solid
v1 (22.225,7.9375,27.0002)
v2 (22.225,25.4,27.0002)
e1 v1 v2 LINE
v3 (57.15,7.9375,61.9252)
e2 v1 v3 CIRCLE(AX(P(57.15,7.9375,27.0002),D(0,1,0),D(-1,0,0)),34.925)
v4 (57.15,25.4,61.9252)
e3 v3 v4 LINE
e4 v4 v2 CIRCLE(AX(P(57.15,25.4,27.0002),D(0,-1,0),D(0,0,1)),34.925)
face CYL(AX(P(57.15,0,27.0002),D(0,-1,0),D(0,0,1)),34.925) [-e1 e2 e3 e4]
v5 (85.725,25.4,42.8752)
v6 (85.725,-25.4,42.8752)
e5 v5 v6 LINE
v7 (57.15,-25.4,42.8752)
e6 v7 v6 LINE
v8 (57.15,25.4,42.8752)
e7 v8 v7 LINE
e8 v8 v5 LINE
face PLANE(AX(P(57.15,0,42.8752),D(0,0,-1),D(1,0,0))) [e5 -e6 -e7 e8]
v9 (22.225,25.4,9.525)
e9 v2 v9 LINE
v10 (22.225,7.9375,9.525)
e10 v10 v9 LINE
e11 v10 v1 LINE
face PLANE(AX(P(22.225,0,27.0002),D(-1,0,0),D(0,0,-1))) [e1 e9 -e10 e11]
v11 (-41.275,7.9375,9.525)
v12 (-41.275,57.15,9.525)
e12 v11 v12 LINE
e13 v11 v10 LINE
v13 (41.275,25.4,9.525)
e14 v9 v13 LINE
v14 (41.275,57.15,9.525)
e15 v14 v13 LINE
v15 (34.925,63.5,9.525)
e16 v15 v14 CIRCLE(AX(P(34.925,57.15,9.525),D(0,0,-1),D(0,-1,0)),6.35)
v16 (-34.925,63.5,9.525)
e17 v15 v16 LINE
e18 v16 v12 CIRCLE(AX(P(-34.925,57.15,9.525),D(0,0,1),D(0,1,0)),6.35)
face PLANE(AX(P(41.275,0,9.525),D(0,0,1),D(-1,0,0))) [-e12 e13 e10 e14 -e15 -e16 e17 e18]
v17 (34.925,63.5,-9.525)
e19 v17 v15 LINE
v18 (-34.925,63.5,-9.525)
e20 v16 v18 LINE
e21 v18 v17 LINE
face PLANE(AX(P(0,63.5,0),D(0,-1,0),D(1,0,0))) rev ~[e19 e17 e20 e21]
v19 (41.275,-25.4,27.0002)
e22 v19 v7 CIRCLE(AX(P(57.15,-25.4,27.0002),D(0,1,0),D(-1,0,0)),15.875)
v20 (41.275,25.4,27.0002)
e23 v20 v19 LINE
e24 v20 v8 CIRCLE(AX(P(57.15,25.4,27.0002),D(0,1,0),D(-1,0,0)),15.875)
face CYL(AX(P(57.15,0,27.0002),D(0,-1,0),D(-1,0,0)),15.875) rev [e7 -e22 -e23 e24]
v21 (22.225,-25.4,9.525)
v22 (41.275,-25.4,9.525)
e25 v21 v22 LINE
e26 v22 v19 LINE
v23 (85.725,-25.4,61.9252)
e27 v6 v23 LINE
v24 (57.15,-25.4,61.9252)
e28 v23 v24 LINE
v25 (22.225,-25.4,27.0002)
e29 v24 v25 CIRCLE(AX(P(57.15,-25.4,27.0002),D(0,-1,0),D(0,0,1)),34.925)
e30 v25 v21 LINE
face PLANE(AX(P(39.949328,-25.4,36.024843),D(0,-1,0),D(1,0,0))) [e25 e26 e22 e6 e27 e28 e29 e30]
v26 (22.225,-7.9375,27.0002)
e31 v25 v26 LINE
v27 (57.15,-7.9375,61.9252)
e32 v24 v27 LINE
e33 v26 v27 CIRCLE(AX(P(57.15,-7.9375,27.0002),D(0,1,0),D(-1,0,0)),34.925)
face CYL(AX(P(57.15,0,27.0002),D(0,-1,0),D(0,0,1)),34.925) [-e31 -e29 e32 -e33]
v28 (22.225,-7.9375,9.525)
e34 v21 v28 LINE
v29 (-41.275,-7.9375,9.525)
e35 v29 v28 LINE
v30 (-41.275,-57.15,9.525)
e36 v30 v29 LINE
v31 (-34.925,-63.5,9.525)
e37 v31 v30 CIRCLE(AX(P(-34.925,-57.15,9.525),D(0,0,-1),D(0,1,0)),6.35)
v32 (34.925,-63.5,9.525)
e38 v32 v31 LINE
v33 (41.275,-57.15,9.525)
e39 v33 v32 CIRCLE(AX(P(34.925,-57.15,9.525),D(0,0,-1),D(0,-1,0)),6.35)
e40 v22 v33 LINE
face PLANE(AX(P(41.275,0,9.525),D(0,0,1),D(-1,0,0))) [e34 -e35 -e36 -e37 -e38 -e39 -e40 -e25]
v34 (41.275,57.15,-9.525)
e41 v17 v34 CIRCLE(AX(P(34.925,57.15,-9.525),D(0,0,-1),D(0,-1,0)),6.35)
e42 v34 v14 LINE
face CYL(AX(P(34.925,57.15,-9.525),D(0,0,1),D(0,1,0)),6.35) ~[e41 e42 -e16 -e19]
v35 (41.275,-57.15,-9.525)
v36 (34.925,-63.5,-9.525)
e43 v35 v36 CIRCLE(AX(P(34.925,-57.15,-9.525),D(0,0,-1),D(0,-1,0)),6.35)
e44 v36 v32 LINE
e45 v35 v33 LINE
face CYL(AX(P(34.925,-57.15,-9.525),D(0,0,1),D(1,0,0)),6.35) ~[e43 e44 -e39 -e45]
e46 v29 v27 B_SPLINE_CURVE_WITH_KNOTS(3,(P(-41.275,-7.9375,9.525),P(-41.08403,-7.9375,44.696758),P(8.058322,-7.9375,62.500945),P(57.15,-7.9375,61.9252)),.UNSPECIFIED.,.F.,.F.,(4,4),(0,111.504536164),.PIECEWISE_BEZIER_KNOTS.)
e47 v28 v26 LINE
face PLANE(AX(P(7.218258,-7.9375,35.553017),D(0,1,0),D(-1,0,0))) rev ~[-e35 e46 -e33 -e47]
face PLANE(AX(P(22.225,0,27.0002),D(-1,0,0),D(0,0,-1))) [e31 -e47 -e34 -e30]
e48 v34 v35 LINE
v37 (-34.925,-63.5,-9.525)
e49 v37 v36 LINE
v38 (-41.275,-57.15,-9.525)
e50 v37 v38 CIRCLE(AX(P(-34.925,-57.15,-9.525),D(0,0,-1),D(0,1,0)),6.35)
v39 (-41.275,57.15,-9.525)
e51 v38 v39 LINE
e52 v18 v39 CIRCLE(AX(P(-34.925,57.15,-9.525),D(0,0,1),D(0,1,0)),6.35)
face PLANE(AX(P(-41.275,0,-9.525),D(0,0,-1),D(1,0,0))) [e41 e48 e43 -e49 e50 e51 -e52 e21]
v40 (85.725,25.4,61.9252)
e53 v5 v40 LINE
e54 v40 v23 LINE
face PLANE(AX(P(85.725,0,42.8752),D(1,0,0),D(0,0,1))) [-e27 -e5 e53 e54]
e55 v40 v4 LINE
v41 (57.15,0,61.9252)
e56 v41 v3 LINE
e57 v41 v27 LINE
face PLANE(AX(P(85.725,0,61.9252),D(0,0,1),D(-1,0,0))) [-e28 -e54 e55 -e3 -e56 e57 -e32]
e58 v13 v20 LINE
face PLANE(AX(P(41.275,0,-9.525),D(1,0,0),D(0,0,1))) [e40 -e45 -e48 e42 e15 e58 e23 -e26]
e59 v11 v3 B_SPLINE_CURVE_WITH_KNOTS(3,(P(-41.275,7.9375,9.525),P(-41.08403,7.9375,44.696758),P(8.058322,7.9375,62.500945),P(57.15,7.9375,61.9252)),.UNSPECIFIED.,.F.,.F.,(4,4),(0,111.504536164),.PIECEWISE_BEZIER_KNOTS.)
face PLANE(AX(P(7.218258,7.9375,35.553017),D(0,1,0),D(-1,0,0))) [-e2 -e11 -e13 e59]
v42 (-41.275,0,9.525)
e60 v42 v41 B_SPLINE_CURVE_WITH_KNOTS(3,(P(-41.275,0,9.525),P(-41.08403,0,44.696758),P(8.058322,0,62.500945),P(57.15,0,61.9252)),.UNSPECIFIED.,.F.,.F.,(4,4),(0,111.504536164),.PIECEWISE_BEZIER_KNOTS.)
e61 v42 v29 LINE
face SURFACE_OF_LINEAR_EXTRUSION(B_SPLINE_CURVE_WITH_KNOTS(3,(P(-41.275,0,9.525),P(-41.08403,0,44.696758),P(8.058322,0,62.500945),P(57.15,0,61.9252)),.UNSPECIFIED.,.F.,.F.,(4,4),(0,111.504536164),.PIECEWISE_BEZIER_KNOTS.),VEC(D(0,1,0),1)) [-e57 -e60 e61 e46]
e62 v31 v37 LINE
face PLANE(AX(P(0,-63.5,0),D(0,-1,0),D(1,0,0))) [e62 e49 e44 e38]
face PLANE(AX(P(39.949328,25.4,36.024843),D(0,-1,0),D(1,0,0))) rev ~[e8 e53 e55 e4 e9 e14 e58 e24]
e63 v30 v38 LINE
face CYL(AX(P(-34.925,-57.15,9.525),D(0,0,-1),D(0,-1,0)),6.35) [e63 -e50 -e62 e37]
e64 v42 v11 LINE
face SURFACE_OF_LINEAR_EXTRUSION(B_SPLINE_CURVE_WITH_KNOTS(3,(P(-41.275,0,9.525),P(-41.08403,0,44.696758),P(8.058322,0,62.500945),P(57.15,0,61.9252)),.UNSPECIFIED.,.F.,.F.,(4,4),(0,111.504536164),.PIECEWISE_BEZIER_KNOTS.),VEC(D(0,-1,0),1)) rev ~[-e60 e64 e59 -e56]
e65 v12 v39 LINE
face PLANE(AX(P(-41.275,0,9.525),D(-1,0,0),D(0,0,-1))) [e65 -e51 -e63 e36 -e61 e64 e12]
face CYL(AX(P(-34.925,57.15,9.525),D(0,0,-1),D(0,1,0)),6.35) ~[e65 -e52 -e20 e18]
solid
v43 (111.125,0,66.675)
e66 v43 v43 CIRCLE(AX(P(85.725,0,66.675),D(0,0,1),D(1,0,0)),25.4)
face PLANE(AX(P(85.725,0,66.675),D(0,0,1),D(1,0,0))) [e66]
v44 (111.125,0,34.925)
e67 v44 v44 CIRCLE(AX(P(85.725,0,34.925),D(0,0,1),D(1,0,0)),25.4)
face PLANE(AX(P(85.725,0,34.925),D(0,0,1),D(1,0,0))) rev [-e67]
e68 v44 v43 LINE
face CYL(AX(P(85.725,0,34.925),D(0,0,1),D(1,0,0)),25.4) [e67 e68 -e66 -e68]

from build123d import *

# Parameters (mm, degrees)
F1_DEPTH = 63.5
F0_W     = 25.4
F0_H     = 19.05
F2_DEPTH = 25.4
F3_DEPTH = 7.9375
F5_R     = 6.35


with BuildPart() as f1:
    # F0 (on Front) → F1 (new body, symmetric)
    with BuildSketch(Plane.XZ):
        Polygon((-41.275, -9.525), (41.275, -9.525), (41.275, 9.525), (22.225, 9.525), (-41.275, 9.525), align=None)
    extrude(amount=F1_DEPTH, both=True)

    # F0 (on Front) → F2 (join, symmetric)
    with BuildSketch(Plane.XZ):
        with BuildLine():
            Line((22.225, 9.525), (41.275, 9.525))
            Line((41.275, 9.525), (41.275, 27.0002))
            ThreePointArc((41.275, 27.0002), (45.9246798487, 38.2255201513), (57.15, 42.8752))
            Line((57.15, 42.8752), (60.325, 42.8752))
            Line((60.325, 42.8752), (60.325, 61.9252))
            Line((60.325, 61.9252), (57.15, 61.9252))
            ThreePointArc((57.15, 61.9252), (32.4542956671, 51.6959043329), (22.225, 27.0002))
            Line((22.225, 27.0002), (22.225, 9.525))
        make_face()
        with Locations((73.025, 52.4002)):
            Rectangle(F0_W, F0_H)
    extrude(amount=F2_DEPTH, both=True)

    # F0 (on Front) → F3 (join, symmetric)
    with BuildSketch(Plane.XZ):
        with BuildLine():
            add(Edge.make_bspline(
                [(-41.275, 9.525), (-41.0840297129, 44.6967575619), (8.0583218869, 62.5009445303), (57.15, 61.9252)],
                knots=[0, 0, 0, 0, 111.5045361635, 111.5045361635, 111.5045361635, 111.5045361635], degree=3))
            Line((-41.275, 9.525), (22.225, 9.525))
            Line((22.225, 9.525), (22.225, 27.0002))
            ThreePointArc((22.225, 27.0002), (32.4542956671, 51.6959043329), (57.15, 61.9252))
        make_face()
    extrude(amount=F3_DEPTH, both=True)

    # F5
    f5_edges = [f1.edges().sort_by_distance(p)[0] for p in [
        (-41.275, -63.5, 0),
        (41.275, -63.5, 0),
        (41.275, 63.5, 0),
        (-41.275, 63.5, 0),
    ]]
    fillet(f5_edges, radius=F5_R)


with BuildPart() as f4:
    # F0 (on Front) → F4 (revolve)
    with BuildSketch(Plane.XZ):
        Polygon((85.725, 66.675), (85.725, 61.9252), (85.725, 42.8752), (85.725, 34.925), (111.125, 34.925), (111.125, 66.675), align=None)
    revolve(axis=Axis((85.725, 0, 50.8), (0, 0, 1)))


solid = Compound([f1.part, f4.part])
